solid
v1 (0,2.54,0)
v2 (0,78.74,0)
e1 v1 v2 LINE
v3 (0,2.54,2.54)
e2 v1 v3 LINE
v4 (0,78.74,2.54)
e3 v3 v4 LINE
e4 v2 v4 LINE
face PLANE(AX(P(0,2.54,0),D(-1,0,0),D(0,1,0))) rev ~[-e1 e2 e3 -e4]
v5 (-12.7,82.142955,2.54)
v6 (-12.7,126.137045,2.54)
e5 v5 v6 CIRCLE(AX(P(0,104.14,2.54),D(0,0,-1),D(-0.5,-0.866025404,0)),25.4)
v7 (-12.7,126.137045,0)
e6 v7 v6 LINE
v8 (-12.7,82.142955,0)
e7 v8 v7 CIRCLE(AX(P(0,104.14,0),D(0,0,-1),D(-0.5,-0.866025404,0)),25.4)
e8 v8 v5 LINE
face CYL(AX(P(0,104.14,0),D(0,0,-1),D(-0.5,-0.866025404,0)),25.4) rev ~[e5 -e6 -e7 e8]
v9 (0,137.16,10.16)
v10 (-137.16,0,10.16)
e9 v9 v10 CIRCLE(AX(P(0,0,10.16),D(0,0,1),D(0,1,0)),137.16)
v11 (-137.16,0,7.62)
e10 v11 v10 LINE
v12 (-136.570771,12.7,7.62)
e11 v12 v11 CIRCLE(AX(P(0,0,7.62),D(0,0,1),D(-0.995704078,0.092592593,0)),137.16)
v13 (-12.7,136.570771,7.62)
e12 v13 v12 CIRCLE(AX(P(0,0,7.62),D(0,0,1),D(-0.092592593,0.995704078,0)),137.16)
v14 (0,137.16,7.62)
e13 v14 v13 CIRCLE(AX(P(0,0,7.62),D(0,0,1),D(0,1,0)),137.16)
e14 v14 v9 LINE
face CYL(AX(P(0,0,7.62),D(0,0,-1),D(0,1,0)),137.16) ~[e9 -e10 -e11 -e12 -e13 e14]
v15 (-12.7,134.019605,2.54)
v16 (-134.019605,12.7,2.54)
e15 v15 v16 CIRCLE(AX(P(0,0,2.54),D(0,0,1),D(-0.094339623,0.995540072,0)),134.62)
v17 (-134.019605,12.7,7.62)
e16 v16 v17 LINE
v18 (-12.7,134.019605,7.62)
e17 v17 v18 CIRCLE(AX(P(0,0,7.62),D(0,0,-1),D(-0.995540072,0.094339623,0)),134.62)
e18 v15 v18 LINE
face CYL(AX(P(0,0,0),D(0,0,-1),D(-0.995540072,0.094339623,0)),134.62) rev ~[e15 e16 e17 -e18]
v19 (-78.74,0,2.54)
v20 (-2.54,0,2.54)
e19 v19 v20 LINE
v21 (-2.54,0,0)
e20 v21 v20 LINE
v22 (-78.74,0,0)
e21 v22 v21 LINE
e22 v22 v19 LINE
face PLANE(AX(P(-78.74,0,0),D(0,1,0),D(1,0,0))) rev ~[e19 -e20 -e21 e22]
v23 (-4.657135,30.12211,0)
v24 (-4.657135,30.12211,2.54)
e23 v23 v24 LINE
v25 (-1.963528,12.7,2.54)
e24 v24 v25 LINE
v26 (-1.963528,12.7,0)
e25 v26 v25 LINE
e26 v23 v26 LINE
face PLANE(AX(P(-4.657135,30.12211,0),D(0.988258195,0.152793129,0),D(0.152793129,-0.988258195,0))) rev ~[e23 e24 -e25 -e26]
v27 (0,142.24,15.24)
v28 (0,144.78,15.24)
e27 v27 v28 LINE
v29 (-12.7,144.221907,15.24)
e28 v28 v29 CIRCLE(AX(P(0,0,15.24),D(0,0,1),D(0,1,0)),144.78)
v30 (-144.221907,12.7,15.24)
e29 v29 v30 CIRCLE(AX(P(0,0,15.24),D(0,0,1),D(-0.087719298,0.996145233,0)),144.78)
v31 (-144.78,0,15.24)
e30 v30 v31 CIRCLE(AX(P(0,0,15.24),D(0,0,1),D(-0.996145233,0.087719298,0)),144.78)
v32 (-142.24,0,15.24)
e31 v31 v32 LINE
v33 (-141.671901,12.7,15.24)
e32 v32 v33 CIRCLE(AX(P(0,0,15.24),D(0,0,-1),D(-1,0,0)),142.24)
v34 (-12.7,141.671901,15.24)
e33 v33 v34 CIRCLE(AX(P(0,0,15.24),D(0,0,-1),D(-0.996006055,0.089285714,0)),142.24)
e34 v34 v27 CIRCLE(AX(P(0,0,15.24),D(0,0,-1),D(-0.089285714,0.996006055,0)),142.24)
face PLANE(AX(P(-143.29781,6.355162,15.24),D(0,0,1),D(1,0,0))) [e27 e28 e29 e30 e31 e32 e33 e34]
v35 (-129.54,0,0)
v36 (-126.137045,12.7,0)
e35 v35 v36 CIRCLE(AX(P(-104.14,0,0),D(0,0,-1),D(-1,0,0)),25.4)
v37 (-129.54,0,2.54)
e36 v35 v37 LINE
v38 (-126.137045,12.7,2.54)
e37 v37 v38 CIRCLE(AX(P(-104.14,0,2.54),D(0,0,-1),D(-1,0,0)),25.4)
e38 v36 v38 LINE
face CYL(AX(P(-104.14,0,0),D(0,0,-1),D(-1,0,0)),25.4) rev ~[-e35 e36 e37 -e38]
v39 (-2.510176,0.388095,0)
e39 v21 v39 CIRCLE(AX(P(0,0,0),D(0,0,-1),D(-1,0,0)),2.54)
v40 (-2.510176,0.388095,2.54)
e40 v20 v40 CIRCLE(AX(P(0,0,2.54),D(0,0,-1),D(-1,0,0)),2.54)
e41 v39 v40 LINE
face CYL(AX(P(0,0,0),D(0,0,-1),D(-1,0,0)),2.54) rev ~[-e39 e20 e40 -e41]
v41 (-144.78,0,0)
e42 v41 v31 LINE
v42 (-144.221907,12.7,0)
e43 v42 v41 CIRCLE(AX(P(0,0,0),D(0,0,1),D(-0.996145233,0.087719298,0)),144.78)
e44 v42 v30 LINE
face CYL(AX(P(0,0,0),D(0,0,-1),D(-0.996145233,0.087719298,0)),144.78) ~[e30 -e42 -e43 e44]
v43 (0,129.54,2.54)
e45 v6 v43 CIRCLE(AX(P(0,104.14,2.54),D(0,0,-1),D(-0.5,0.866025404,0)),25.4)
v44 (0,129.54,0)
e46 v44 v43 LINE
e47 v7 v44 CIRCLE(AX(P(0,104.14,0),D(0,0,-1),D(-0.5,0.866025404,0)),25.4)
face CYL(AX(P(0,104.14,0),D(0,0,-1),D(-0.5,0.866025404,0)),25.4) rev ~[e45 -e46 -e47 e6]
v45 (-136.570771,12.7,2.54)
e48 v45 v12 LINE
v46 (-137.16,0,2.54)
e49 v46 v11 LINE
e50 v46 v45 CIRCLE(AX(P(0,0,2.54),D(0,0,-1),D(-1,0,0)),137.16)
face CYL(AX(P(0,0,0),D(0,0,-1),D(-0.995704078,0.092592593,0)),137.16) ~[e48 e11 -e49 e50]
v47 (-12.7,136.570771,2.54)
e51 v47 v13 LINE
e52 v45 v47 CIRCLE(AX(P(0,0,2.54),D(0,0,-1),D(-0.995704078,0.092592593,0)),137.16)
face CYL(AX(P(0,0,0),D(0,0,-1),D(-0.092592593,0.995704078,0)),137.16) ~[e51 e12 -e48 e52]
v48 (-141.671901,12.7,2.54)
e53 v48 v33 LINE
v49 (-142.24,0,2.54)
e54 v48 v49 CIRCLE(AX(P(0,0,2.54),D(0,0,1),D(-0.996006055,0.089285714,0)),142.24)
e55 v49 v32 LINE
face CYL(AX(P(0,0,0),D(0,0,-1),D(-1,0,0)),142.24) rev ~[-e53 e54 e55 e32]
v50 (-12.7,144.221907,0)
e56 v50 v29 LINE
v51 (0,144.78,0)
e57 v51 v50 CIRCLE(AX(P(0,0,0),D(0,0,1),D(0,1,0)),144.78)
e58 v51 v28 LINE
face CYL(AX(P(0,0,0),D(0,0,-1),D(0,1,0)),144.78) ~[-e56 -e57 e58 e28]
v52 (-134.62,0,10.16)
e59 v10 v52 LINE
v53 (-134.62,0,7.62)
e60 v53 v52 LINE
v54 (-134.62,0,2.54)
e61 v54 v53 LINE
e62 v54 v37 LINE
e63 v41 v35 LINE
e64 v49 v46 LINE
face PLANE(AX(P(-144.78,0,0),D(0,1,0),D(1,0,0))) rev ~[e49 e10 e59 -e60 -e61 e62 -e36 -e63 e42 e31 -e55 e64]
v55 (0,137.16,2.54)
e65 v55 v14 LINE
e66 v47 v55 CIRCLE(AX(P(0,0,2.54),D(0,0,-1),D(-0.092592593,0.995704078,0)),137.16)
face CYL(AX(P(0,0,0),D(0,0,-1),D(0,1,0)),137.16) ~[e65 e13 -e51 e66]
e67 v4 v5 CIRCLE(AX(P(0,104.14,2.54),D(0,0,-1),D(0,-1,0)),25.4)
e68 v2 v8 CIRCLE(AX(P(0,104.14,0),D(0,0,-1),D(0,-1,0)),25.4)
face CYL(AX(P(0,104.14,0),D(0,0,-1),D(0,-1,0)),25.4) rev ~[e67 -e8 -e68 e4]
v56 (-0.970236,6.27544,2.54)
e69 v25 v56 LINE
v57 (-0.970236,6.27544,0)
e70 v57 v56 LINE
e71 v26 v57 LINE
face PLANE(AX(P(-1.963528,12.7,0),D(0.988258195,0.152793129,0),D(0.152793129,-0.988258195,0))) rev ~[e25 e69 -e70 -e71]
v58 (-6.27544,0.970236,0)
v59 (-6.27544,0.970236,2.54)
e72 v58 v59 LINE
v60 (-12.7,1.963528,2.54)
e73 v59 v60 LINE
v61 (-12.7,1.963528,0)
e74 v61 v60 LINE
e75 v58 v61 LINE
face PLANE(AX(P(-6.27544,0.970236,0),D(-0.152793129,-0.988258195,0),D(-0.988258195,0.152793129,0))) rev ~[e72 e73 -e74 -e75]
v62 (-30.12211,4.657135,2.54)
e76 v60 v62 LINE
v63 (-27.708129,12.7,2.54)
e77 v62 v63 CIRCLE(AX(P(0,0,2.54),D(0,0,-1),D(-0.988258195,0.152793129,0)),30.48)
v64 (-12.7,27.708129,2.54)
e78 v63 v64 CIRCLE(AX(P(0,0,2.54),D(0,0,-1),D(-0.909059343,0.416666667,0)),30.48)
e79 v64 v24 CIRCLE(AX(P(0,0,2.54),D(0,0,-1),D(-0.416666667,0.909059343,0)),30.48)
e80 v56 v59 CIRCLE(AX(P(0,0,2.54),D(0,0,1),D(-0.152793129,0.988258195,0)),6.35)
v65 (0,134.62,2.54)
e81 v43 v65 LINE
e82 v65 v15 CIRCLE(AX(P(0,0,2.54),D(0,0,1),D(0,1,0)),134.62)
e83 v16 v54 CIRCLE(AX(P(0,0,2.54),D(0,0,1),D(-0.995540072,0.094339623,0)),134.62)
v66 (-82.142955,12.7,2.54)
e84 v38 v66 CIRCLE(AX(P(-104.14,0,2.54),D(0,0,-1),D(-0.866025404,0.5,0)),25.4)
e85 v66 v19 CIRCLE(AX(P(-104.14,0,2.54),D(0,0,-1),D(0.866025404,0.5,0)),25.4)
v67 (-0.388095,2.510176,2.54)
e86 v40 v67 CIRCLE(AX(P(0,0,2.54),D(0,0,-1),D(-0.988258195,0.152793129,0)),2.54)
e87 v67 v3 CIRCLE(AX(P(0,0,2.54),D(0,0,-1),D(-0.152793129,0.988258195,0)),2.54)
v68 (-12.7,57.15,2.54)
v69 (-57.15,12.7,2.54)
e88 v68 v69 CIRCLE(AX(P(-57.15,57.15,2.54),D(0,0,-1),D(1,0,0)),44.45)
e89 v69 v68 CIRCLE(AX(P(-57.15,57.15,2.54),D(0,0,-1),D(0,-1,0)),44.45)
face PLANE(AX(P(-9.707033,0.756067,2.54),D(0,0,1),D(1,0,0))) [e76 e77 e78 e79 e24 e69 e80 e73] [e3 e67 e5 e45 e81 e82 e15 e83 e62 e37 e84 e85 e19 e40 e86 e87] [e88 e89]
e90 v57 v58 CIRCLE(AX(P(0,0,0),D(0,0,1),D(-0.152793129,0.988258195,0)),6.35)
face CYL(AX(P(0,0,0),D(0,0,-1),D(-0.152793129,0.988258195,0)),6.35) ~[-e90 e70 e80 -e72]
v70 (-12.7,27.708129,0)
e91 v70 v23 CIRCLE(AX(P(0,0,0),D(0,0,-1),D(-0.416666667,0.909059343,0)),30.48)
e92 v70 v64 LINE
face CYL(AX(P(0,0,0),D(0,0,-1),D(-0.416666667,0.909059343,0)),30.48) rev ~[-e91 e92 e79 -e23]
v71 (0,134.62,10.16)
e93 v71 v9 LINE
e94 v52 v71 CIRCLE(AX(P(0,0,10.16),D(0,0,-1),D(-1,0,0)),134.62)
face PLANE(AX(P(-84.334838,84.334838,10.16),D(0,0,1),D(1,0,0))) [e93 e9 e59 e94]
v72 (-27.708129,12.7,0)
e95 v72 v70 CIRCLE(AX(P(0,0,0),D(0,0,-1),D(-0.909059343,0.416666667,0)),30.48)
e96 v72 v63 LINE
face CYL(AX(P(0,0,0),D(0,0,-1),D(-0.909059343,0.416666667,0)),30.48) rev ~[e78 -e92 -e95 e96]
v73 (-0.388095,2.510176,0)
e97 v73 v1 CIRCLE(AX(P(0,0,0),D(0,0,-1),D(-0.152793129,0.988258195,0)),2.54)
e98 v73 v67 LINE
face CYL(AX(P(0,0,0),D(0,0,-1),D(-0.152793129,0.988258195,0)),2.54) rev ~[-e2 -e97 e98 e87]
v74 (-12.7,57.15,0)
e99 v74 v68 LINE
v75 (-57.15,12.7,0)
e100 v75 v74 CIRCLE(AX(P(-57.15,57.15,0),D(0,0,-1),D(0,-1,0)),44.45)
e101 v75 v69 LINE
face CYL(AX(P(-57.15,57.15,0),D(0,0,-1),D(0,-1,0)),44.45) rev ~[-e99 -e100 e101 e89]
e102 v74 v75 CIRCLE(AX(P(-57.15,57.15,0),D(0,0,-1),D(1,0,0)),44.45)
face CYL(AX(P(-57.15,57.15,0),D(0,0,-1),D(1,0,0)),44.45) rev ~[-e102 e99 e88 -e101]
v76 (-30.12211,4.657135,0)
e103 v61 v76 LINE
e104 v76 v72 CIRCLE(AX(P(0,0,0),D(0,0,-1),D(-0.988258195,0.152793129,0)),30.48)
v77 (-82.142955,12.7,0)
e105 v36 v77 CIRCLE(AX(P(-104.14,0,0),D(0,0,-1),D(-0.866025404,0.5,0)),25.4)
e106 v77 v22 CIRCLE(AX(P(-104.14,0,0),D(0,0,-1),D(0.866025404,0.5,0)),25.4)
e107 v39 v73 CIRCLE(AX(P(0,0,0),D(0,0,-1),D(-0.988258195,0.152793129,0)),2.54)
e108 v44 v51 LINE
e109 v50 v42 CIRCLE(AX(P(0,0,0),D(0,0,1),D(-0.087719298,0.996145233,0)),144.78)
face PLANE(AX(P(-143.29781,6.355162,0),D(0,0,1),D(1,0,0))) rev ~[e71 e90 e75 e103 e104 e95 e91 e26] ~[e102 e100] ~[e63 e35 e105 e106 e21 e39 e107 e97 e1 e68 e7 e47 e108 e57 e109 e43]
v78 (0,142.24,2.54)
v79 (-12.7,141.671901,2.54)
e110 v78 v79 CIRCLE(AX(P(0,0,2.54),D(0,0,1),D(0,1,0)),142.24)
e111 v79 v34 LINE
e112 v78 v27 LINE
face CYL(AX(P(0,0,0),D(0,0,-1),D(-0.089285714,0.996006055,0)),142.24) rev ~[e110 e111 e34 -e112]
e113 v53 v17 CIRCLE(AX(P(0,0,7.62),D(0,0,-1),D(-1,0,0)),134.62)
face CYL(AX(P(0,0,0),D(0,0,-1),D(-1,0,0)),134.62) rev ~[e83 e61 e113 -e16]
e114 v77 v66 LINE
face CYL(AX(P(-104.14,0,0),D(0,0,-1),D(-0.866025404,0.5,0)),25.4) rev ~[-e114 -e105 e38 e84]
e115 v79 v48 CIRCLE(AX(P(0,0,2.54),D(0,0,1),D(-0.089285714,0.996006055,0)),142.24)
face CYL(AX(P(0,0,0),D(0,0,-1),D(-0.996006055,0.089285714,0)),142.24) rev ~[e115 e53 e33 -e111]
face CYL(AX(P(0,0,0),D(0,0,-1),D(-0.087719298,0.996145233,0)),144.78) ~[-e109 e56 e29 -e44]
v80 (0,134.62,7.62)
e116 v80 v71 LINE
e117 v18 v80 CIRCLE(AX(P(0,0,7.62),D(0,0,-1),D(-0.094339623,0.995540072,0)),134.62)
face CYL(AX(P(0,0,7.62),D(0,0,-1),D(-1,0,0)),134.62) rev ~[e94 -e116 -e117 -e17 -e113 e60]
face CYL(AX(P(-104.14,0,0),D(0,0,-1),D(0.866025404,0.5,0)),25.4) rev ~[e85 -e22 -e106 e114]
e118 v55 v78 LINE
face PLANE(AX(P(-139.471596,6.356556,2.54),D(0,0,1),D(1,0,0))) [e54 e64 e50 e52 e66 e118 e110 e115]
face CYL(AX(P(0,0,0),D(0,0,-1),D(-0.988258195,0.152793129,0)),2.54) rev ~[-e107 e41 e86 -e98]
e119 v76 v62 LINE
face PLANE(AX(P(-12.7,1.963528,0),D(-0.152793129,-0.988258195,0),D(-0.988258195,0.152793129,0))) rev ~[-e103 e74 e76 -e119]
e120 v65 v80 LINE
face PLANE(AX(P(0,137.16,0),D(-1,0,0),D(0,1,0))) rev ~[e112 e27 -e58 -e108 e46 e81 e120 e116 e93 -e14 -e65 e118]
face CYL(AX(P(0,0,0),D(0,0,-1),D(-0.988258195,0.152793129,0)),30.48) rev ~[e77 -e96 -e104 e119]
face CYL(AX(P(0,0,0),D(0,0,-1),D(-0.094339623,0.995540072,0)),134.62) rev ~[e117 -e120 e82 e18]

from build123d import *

# Parameters (mm, degrees)
F1_DEPTH = 2.54
F2_DEPTH = 7.62
F3_DEPTH = 2.54
F4_DEPTH = 15.24


with BuildPart() as f1:
    # F0 (on Top) → F1 (new body)
    with BuildSketch(Plane.XY):
        with BuildLine():
            Line((-6.2754395375, 0.9702363687), (-12.7, 1.9635281017))
            Line((-12.7, 1.9635281017), (-12.7, 0))
            Line((-12.7, 0), (-6.35, 0))
            ThreePointArc((-6.35, 0), (-6.3313324452, 0.4865485263), (-6.2754395375, 0.9702363687))
        make_face()
        with BuildLine():
            Line((-6.35, 0), (-2.54, 0))
            ThreePointArc((-2.54, 0), (-2.5325329781, 0.1946194105), (-2.510175815, 0.3880945475))
            Line((-2.510175815, 0.3880945475), (-6.2754395375, 0.9702363687))
            ThreePointArc((-6.2754395375, 0.9702363687), (-6.3313324452, 0.4865485263), (-6.35, 0))
        make_face()
        with BuildLine():
            ThreePointArc((-2.510175815, 0.3880945475), (-1.7960512242, 1.7960512242), (-0.3880945475, 2.510175815))
            Line((-0.3880945475, 2.510175815), (-0.9702363687, 6.2754395375))
            ThreePointArc((-0.9702363687, 6.2754395375), (-4.4901280605, 4.4901280605), (-6.2754395375, 0.9702363687))
            Line((-6.2754395375, 0.9702363687), (-2.510175815, 0.3880945475))
        make_face()
        with BuildLine():
            Line((0, 2.54), (0, 6.35))
            ThreePointArc((0, 6.35), (-0.4865485263, 6.3313324452), (-0.9702363687, 6.2754395375))
            Line((-0.9702363687, 6.2754395375), (-0.3880945475, 2.510175815))
            ThreePointArc((-0.3880945475, 2.510175815), (-0.1946194105, 2.5325329781), (0, 2.54))
        make_face()
        with BuildLine():
            Line((0, 6.35), (0, 12.7))
            Line((0, 12.7), (-1.9635281017, 12.7))
            Line((-1.9635281017, 12.7), (-0.9702363687, 6.2754395375))
            ThreePointArc((-0.9702363687, 6.2754395375), (-0.4865485263, 6.3313324452), (0, 6.35))
        make_face()
        with BuildLine():
            Line((0, 12.7), (0, 30.48))
            ThreePointArc((0, 30.48), (-2.3354329262, 30.3903957369), (-4.6571345698, 30.12210978))
            Line((-4.6571345698, 30.12210978), (-1.9635281017, 12.7))
            Line((-1.9635281017, 12.7), (0, 12.7))
        make_face()
        with BuildLine():
            Line((-12.7, 1.9635281017), (-30.12210978, 4.6571345698))
            ThreePointArc((-30.12210978, 4.6571345698), (-30.3903957369, 2.3354329262), (-30.48, 0))
            Line((-30.48, 0), (-12.7, 0))
            Line((-12.7, 0), (-12.7, 1.9635281017))
        make_face()
        with BuildLine():
            Line((-30.12210978, 4.6571345698), (-82.1429547439, 12.7))
            ThreePointArc((-82.1429547439, 12.7), (-79.6054840123, 6.5740037456), (-78.74, 0))
            Line((-78.74, 0), (-30.48, 0))
            ThreePointArc((-30.48, 0), (-30.3903957369, 2.3354329262), (-30.12210978, 4.6571345698))
        make_face()
        with BuildLine():
            Line((-12.7, 126.1370452561), (-12.7, 134.0196045361))
            ThreePointArc((-12.7, 134.0196045361), (-95.1907148833, 95.1907148833), (-134.0196045361, 12.7))
            Line((-134.0196045361, 12.7), (-126.1370452561, 12.7))
            ThreePointArc((-126.1370452561, 12.7), (-104.14, 25.4), (-82.1429547439, 12.7))
            Line((-82.1429547439, 12.7), (-57.15, 12.7))
            ThreePointArc((-57.15, 12.7), (-88.5808964237, 88.5808964237), (-12.7, 57.15))
            Line((-12.7, 57.15), (-12.7, 82.1429547439))
            ThreePointArc((-12.7, 82.1429547439), (-25.4, 104.14), (-12.7, 126.1370452561))
        make_face()
        with BuildLine():
            Line((-126.1370452561, 12.7), (-134.0196045361, 12.7))
            ThreePointArc((-134.0196045361, 12.7), (-134.4698173618, 6.3570919986), (-134.62, 0))
            Line((-134.62, 0), (-129.54, 0))
            ThreePointArc((-129.54, 0), (-128.6745159877, 6.5740037456), (-126.1370452561, 12.7))
        make_face()
        with BuildLine():
            Line((-57.15, 12.7), (-82.1429547439, 12.7))
            Line((-82.1429547439, 12.7), (-30.12210978, 4.6571345698))
            ThreePointArc((-30.12210978, 4.6571345698), (-29.1934246673, 8.7620977053), (-27.7081287712, 12.7))
            Line((-27.7081287712, 12.7), (-57.15, 12.7))
        make_face()
        with BuildLine():
            Line((-12.7, 27.7081287712), (-12.7, 57.15))
            ThreePointArc((-12.7, 57.15), (-25.7191035763, 25.7191035763), (-57.15, 12.7))
            Line((-57.15, 12.7), (-27.7081287712, 12.7))
            ThreePointArc((-27.7081287712, 12.7), (-21.5526146906, 21.5526146906), (-12.7, 27.7081287712))
        make_face()
        with BuildLine():
            Line((-4.6571345698, 30.12210978), (-12.7, 82.1429547439))
            Line((-12.7, 82.1429547439), (-12.7, 57.15))
            Line((-12.7, 57.15), (-12.7, 27.7081287712))
            ThreePointArc((-12.7, 27.7081287712), (-8.7620977053, 29.1934246673), (-4.6571345698, 30.12210978))
        make_face()
        with BuildLine():
            Line((0, 30.48), (0, 78.74))
            ThreePointArc((0, 78.74), (-6.5740037456, 79.6054840123), (-12.7, 82.1429547439))
            Line((-12.7, 82.1429547439), (-4.6571345698, 30.12210978))
            ThreePointArc((-4.6571345698, 30.12210978), (-2.3354329262, 30.3903957369), (0, 30.48))
        make_face()
        with BuildLine():
            Line((0, 129.54), (0, 134.62))
            ThreePointArc((0, 134.62), (-6.3570919986, 134.4698173618), (-12.7, 134.0196045361))
            Line((-12.7, 134.0196045361), (-12.7, 126.1370452561))
            ThreePointArc((-12.7, 126.1370452561), (-6.5740037456, 128.6745159877), (0, 129.54))
        make_face()
    extrude(amount=F1_DEPTH)

    # F0 (on Top) → F2 (join)
    with BuildSketch(Plane.XY):
        with BuildLine():
            ThreePointArc((-134.62, 0), (-134.4698173618, 6.3570919986), (-134.0196045361, 12.7))
            Line((-134.0196045361, 12.7), (-136.5707713971, 12.7))
            ThreePointArc((-136.5707713971, 12.7), (-137.0126136617, 6.3568307817), (-137.16, 0))
            Line((-137.16, 0), (-134.62, 0))
        make_face()
        with BuildLine():
            ThreePointArc((-134.0196045361, 12.7), (-95.1907148833, 95.1907148833), (-12.7, 134.0196045361))
            Line((-12.7, 134.0196045361), (-12.7, 136.5707713971))
            ThreePointArc((-12.7, 136.5707713971), (-96.9867661075, 96.9867661075), (-136.5707713971, 12.7))
            Line((-136.5707713971, 12.7), (-134.0196045361, 12.7))
        make_face()
        with BuildLine():
            ThreePointArc((-12.7, 134.0196045361), (-6.3570919986, 134.4698173618), (0, 134.62))
            Line((0, 134.62), (0, 137.16))
            ThreePointArc((0, 137.16), (-6.3568307817, 137.0126136617), (-12.7, 136.5707713971))
            Line((-12.7, 136.5707713971), (-12.7, 134.0196045361))
        make_face()
    extrude(amount=F2_DEPTH)

    # F0 (on Top) + F2_face (on face) → F3 (join)
    with BuildSketch(Plane.XY):
        with BuildLine():
            ThreePointArc((-137.16, 0), (-137.0126136617, 6.3568307817), (-136.5707713971, 12.7))
            Line((-136.5707713971, 12.7), (-141.6719012366, 12.7))
            ThreePointArc((-141.6719012366, 12.7), (-142.0979043334, 6.3563499), (-142.24, 0))
            Line((-142.24, 0), (-137.16, 0))
        make_face()
        with BuildLine():
            ThreePointArc((-136.5707713971, 12.7), (-96.9867661075, 96.9867661075), (-12.7, 136.5707713971))
            Line((-12.7, 136.5707713971), (-12.7, 141.6719012366))
            ThreePointArc((-12.7, 141.6719012366), (-100.578868556, 100.578868556), (-141.6719012366, 12.7))
            Line((-141.6719012366, 12.7), (-136.5707713971, 12.7))
        make_face()
        with BuildLine():
            ThreePointArc((-12.7, 136.5707713971), (-6.3568307817, 137.0126136617), (0, 137.16))
            Line((0, 137.16), (0, 142.24))
            ThreePointArc((0, 142.24), (-6.3563499, 142.0979043334), (-12.7, 141.6719012366))
            Line((-12.7, 141.6719012366), (-12.7, 136.5707713971))
        make_face()
    with BuildSketch(Plane(origin=(-86.5127795808, 86.5127795808, 7.62), x_dir=(1, 0, 0), z_dir=(0, 0, 1))):
        with BuildLine():
            Line((-50.6472204192, -86.5127795808), (-48.1072204192, -86.5127795808))
            ThreePointArc((-48.1072204192, -86.5127795808), (-8.6779353026, 8.6779353025), (86.5127795808, 48.1072204192))
            Line((86.5127795808, 48.1072204192), (86.5127795808, 50.6472204192))
            ThreePointArc((86.5127795808, 50.6472204192), (-10.4739865268, 10.4739865267), (-50.6472204192, -86.5127795808))
        make_face()
    extrude(amount=F3_DEPTH)

    # F0 (on Top) → F4 (join)
    with BuildSketch(Plane.XY):
        with BuildLine():
            ThreePointArc((-142.24, 0), (-142.0979043334, 6.3563499), (-141.6719012366, 12.7))
            Line((-141.6719012366, 12.7), (-144.2219067964, 12.7))
            ThreePointArc((-144.2219067964, 12.7), (-144.6404094055, 6.3561283031), (-144.78, 0))
            Line((-144.78, 0), (-142.24, 0))
        make_face()
        with BuildLine():
            ThreePointArc((-141.6719012366, 12.7), (-100.578868556, 100.578868556), (-12.7, 141.6719012366))
            Line((-12.7, 141.6719012366), (-12.7, 144.2219067964))
            ThreePointArc((-12.7, 144.2219067964), (-102.3749197802, 102.3749197802), (-144.2219067964, 12.7))
            Line((-144.2219067964, 12.7), (-141.6719012366, 12.7))
        make_face()
        with BuildLine():
            ThreePointArc((-12.7, 141.6719012366), (-6.3563499, 142.0979043334), (0, 142.24))
            Line((0, 142.24), (0, 144.78))
            ThreePointArc((0, 144.78), (-6.3561283031, 144.6404094055), (-12.7, 144.2219067964))
            Line((-12.7, 144.2219067964), (-12.7, 141.6719012366))
        make_face()
    extrude(amount=F4_DEPTH)


solid = f1.part
